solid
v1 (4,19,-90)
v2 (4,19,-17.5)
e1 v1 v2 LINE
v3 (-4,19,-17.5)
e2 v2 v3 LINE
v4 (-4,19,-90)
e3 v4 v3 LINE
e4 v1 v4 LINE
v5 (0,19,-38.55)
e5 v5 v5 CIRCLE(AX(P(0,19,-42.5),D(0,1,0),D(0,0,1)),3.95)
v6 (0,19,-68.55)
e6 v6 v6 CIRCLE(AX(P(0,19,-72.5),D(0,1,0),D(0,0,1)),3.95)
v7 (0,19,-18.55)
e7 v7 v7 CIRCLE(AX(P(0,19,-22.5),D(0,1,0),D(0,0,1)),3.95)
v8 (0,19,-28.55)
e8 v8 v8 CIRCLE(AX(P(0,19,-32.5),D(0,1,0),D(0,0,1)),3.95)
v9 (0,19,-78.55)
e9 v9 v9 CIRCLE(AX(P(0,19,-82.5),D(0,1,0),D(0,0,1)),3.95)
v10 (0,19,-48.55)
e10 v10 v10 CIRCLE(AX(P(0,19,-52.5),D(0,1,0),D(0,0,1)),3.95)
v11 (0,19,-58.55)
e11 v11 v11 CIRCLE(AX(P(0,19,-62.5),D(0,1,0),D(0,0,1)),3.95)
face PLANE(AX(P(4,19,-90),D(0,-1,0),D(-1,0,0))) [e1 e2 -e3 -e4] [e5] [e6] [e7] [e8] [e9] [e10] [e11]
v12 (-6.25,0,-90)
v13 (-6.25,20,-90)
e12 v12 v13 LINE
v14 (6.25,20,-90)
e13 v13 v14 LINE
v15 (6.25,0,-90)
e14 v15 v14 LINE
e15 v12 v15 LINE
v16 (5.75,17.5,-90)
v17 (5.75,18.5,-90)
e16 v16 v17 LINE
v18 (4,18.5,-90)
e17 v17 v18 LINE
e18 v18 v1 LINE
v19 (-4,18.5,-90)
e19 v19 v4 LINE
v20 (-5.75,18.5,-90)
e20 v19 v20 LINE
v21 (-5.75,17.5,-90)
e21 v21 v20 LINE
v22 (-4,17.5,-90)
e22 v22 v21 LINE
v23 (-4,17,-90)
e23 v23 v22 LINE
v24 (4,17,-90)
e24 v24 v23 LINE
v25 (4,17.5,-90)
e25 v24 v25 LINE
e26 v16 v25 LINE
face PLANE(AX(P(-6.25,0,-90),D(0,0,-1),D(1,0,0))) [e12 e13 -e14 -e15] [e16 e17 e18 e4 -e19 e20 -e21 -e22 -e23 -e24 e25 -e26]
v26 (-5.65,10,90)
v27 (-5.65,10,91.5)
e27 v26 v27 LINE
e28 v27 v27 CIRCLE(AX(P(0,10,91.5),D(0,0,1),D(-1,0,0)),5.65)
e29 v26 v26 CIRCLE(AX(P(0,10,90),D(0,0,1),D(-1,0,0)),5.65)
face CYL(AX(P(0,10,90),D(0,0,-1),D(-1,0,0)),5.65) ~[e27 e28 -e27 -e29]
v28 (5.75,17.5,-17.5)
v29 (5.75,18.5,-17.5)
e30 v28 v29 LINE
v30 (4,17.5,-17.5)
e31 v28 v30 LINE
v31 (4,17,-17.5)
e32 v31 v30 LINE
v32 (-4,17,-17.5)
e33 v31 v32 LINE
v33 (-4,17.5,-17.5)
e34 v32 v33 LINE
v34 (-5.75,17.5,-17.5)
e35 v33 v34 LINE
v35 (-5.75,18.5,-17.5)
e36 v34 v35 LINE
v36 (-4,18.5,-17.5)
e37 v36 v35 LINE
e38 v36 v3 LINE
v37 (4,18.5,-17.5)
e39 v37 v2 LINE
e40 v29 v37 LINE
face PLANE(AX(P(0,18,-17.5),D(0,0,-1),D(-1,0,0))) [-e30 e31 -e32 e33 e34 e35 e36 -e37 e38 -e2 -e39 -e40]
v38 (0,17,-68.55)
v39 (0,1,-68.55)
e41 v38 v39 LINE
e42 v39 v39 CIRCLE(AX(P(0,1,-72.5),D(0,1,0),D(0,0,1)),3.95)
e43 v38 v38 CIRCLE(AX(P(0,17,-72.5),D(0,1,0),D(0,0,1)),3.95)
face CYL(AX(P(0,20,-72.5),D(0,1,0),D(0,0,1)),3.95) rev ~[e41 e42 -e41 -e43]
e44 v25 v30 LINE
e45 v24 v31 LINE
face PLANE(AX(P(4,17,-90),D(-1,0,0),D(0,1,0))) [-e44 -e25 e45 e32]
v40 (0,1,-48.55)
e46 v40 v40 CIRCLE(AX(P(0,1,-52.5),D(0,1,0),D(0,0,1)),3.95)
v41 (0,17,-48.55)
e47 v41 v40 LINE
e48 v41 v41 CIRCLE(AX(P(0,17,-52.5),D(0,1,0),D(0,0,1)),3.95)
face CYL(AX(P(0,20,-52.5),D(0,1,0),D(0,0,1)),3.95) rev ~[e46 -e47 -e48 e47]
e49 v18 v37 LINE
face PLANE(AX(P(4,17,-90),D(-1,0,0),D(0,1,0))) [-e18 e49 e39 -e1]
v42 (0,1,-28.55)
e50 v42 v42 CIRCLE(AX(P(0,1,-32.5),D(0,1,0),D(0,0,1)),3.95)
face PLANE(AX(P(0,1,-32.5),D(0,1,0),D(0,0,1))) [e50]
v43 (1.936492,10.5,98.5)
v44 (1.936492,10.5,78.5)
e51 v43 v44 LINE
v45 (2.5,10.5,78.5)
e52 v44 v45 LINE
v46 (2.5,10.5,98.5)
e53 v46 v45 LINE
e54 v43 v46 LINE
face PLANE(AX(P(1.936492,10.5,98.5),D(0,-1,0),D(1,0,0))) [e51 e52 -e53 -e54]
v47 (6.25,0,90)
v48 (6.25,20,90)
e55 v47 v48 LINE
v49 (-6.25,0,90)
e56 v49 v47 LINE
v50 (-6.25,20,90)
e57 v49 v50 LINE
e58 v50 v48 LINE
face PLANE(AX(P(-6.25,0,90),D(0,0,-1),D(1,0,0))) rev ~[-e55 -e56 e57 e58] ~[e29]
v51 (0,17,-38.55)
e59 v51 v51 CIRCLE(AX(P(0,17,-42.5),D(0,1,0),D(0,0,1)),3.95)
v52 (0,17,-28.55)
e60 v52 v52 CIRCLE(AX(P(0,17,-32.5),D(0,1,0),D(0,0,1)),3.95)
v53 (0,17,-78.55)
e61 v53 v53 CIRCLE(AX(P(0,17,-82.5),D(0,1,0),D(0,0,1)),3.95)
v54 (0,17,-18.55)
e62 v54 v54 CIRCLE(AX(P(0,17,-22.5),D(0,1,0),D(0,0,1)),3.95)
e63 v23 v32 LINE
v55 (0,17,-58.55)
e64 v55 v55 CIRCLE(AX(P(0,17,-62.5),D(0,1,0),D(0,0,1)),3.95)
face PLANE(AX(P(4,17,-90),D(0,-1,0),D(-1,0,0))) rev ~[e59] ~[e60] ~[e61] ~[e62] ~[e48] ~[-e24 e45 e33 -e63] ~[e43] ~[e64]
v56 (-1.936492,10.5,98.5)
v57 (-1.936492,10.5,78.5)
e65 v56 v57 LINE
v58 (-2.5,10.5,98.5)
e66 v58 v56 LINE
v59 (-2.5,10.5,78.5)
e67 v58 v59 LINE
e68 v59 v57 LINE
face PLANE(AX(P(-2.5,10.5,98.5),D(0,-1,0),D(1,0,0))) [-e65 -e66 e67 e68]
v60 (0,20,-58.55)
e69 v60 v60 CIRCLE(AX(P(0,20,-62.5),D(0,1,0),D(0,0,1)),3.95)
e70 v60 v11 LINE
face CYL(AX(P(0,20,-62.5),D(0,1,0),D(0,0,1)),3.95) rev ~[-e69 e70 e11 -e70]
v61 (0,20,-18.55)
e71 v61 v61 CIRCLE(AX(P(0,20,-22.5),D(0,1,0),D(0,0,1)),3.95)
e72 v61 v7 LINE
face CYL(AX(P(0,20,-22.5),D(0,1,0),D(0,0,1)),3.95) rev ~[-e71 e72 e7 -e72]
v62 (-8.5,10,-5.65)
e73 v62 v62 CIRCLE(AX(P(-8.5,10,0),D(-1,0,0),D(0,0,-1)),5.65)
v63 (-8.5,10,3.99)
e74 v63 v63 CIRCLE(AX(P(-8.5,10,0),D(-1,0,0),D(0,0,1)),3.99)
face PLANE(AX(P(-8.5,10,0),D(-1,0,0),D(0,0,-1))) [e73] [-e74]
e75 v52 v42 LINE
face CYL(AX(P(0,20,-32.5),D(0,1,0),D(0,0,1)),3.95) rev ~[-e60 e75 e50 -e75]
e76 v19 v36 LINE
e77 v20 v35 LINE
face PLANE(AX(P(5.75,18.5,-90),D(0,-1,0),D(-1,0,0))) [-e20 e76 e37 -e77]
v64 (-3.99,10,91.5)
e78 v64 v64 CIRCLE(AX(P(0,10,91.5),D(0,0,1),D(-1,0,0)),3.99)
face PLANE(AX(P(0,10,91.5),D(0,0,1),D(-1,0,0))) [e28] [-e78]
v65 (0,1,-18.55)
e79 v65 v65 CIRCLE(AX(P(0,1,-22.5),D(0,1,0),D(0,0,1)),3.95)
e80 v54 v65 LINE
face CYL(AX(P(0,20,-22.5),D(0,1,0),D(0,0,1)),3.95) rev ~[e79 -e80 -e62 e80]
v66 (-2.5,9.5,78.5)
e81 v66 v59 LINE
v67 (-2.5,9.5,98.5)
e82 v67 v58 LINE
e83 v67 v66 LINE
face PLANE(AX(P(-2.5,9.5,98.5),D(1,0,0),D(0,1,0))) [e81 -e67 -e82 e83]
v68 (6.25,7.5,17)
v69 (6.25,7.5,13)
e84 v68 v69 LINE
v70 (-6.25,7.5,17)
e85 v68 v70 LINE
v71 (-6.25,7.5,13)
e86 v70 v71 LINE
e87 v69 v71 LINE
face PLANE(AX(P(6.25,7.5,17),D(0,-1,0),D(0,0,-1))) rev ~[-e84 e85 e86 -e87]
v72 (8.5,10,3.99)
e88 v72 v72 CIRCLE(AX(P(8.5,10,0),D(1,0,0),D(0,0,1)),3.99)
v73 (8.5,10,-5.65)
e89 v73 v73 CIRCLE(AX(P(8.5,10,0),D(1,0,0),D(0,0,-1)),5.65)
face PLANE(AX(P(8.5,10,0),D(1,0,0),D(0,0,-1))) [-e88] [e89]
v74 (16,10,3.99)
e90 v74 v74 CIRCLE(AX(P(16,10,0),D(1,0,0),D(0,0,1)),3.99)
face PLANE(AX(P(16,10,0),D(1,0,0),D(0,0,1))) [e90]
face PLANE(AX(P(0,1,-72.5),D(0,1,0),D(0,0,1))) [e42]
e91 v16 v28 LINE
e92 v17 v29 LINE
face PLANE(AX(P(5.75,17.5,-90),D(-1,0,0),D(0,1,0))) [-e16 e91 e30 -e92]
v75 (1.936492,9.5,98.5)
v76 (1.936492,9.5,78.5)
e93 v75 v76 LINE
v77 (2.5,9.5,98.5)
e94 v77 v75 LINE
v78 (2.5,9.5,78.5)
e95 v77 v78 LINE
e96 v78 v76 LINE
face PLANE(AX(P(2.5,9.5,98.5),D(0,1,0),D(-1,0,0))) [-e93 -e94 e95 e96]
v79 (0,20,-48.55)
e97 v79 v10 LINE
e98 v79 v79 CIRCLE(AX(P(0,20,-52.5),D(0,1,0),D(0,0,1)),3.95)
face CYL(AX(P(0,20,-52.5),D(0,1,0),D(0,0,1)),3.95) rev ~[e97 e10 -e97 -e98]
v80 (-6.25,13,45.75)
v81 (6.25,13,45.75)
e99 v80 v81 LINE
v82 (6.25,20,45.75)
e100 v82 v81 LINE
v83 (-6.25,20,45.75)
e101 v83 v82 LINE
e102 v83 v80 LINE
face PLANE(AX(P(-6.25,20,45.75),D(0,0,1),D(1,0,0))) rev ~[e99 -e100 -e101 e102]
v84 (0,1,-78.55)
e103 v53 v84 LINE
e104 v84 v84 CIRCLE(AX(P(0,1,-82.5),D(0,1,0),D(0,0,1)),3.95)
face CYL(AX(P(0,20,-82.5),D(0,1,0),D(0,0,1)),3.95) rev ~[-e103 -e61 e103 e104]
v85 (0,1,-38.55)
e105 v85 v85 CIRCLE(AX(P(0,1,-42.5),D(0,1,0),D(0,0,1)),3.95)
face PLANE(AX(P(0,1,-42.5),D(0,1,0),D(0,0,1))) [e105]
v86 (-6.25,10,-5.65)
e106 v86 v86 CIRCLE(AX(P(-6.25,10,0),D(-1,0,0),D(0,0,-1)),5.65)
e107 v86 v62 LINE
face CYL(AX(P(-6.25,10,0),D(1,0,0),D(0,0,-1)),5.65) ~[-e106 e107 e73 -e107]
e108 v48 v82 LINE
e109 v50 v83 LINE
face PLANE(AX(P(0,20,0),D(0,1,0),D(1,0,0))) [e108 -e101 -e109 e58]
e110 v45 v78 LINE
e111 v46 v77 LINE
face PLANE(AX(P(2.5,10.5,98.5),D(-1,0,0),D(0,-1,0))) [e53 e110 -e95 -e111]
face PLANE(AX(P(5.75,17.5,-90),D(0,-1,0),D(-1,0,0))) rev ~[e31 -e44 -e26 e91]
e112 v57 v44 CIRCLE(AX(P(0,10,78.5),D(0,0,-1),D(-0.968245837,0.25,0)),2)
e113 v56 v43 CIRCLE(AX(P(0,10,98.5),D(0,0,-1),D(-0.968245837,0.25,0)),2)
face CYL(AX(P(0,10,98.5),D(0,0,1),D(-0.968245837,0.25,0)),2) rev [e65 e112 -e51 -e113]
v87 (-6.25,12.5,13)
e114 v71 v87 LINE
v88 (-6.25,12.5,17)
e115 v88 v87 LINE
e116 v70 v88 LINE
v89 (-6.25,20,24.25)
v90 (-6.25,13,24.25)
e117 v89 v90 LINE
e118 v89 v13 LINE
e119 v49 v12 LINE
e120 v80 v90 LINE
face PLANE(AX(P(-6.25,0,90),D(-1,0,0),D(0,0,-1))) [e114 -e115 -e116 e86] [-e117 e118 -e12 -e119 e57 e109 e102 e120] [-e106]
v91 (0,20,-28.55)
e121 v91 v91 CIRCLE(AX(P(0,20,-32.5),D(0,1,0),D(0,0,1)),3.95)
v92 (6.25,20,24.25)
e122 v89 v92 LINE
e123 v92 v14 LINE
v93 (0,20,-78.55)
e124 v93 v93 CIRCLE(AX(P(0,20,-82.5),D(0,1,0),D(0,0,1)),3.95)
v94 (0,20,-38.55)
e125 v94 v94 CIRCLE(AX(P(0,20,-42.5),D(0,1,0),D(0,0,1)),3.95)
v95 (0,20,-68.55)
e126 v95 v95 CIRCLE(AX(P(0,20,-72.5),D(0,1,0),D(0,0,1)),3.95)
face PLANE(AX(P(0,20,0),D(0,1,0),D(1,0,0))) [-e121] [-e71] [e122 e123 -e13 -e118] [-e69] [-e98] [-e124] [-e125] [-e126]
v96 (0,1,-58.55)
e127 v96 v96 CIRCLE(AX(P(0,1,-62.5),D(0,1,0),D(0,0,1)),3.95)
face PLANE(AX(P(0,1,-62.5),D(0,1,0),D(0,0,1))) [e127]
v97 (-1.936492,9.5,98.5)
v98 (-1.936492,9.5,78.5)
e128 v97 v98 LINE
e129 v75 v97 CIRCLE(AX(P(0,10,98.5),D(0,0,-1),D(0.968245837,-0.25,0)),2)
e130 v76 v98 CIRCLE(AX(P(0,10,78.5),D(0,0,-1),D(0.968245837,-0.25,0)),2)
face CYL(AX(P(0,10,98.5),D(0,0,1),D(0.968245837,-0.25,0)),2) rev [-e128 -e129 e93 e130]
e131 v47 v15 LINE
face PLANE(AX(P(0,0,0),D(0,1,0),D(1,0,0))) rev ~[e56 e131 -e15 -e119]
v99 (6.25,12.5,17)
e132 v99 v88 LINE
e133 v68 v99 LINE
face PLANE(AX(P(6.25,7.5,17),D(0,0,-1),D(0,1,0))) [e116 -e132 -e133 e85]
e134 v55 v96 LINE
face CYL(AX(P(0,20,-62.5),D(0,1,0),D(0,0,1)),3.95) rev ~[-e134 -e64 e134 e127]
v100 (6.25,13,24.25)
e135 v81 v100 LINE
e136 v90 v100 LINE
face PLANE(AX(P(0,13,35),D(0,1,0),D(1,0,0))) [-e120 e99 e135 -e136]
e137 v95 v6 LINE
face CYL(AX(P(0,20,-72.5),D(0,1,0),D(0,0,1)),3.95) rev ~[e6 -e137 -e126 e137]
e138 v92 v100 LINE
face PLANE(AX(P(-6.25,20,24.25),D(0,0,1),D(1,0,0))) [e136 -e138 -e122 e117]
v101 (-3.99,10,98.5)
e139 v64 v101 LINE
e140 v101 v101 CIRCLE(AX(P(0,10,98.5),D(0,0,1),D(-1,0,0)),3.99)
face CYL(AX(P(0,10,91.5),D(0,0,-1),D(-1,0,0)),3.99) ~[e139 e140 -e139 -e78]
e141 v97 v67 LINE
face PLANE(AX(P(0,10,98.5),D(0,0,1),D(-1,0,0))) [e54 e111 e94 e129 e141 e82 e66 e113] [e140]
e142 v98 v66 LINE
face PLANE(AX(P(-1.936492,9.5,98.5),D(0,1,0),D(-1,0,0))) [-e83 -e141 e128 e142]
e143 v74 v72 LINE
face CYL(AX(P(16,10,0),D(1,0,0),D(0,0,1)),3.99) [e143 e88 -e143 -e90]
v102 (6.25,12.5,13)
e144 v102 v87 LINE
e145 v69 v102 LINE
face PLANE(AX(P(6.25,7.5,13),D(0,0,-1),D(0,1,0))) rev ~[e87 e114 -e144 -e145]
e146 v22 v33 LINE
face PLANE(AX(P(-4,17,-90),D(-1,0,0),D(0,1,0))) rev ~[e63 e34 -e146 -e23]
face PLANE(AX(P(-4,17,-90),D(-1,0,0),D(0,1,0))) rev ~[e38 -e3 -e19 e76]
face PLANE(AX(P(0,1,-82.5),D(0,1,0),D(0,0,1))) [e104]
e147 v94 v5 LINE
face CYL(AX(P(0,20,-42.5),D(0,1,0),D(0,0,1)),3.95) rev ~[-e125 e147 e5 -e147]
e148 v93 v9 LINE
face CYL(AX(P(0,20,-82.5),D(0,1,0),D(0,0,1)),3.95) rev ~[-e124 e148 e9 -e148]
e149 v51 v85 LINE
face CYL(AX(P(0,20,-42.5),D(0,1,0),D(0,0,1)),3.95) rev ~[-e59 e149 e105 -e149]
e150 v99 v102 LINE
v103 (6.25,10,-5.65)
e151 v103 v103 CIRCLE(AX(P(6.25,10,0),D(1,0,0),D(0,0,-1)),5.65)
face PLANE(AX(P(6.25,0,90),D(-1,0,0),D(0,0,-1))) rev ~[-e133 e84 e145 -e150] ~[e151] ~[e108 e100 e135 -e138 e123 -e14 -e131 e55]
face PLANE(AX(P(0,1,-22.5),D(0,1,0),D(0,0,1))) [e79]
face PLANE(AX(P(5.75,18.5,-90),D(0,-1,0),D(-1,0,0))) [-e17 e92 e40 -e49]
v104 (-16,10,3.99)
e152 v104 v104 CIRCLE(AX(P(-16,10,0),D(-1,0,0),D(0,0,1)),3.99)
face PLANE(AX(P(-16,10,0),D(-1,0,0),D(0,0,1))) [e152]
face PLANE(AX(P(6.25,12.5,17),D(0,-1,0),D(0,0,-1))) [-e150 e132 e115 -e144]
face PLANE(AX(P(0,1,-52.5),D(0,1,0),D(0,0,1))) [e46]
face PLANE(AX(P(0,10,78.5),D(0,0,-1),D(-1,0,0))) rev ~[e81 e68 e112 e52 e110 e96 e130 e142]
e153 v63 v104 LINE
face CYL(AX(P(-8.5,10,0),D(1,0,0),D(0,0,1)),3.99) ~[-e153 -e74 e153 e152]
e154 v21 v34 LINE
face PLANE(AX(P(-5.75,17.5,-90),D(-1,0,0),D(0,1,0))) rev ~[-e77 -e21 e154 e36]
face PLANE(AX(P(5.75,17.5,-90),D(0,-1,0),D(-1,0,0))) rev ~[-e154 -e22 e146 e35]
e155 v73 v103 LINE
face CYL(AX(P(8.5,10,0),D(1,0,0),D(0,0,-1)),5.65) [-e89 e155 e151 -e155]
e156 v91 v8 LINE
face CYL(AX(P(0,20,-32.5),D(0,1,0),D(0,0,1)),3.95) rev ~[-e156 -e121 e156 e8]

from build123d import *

# Parameters (mm, degrees)
SKETCH1_W           = 12.5
SKETCH1_H           = 180
BOSS_EXTRUDE1_DEPTH = 20
SKETCH2_R           = 5.65
BOSS_EXTRUDE2_DEPTH = 1.5
SKETCH3_R           = 3.99
BOSS_EXTRUDE3_DEPTH = 7
SKETCH4_R           = 5.65
BOSS_EXTRUDE4_DEPTH = 2.25
SKETCH5_R           = 3.99
BOSS_EXTRUDE5_DEPTH = 7.5
BOSS_EXTRUDE6_START = 2.25
SKETCH6_R           = 5.65
BOSS_EXTRUDE6_DEPTH = 2.25
BOSS_EXTRUDE7_START = 7.5
SKETCH7_R           = 3.99
BOSS_EXTRUDE7_DEPTH = 7.5
SKETCH8_R           = 3.95
CUT_EXTRUDE1_DEPTH  = 19
SKETCH9_W           = 8
SKETCH9_H           = 2
CUT_EXTRUDE2_DEPTH  = 72.5
SKETCH10_W          = 11.5
SKETCH10_H          = 1
CUT_EXTRUDE3_DEPTH  = 72.5
SKETCH11_W          = 12.5
SKETCH11_H          = 21.5
CUT_EXTRUDE4_DEPTH  = 7
CUT_EXTRUDE5_DEPTH  = 20
SKETCH14_W          = 4
SKETCH14_H          = 5
CUT_EXTRUDE6_DEPTH  = 12.5


with BuildPart() as part:
    # Sketch1 → Boss-Extrude1 (new body)
    with BuildSketch(Plane(origin=(0, 0, 0), x_dir=(1, 0, 0), z_dir=(0, 1, 0))):
        Rectangle(SKETCH1_W, SKETCH1_H)
    extrude(amount=BOSS_EXTRUDE1_DEPTH)

    # Sketch2 → Boss-Extrude2 (add)
    with BuildSketch(Plane.XY.offset(90)):
        with Locations(Location((0, 10, 0), (0, 0, 180))):
            Circle(SKETCH2_R)
    extrude(amount=BOSS_EXTRUDE2_DEPTH)

    # Sketch3 → Boss-Extrude3 (add)
    with BuildSketch(Plane.XY.offset(91.5)):
        with Locations(Location((0, 10, 0), (0, 0, 180))):
            Circle(SKETCH3_R)
    extrude(amount=BOSS_EXTRUDE3_DEPTH)

    # Sketch4 → Boss-Extrude4 (add)
    with BuildSketch(Plane.ZY.offset(6.25)):
        with Locations(Location((0, 10, 0), (0, 0, 180))):
            Circle(SKETCH4_R)
    extrude(amount=BOSS_EXTRUDE4_DEPTH)

    # Sketch5 → Boss-Extrude5 (add)
    with BuildSketch(Plane.ZY.offset(8.5)):
        with Locations((0, 10)):
            Circle(SKETCH5_R)
    extrude(amount=BOSS_EXTRUDE5_DEPTH)

    # Sketch6 → Boss-Extrude6 (add)
    with BuildSketch(Plane(origin=(6.25, 0, 0), x_dir=(0, 0, -1), z_dir=(1, 0, 0)).offset(BOSS_EXTRUDE6_START)):
        with Locations((0, 10)):
            Circle(SKETCH6_R)
    extrude(amount=-BOSS_EXTRUDE6_DEPTH)

    # Sketch7 → Boss-Extrude7 (add)
    with BuildSketch(Plane(origin=(8.5, 0, 0), x_dir=(0, 0, -1), z_dir=(1, 0, 0)).offset(BOSS_EXTRUDE7_START)):
        with Locations(Location((0, 10, 0), (0, 0, 180))):
            Circle(SKETCH7_R)
    extrude(amount=-BOSS_EXTRUDE7_DEPTH)

    # Sketch8 → Cut-Extrude1 (cut)
    with BuildSketch(Plane(origin=(0, 20, 0), x_dir=(1, 0, 0), z_dir=(0, 1, 0))):
        with Locations(Location((0, 82.5, 0), (0, 0, 270))):
            Circle(SKETCH8_R)
        with Locations(Location((0, 72.5, 0), (0, 0, 270))):
            Circle(SKETCH8_R)
        with Locations(Location((0, 62.5, 0), (0, 0, 270))):
            Circle(SKETCH8_R)
        with Locations(Location((0, 52.5, 0), (0, 0, 270))):
            Circle(SKETCH8_R)
        with Locations(Location((0, 42.5, 0), (0, 0, 270))):
            Circle(SKETCH8_R)
        with Locations(Location((0, 32.5, 0), (0, 0, 270))):
            Circle(SKETCH8_R)
        with Locations(Location((0, 22.5, 0), (0, 0, 270))):
            Circle(SKETCH8_R)
    extrude(amount=-CUT_EXTRUDE1_DEPTH, mode=Mode.SUBTRACT)

    # Sketch9 → Cut-Extrude2 (cut)
    with BuildSketch(Plane(origin=(0, 0, -90), x_dir=(-1, 0, 0), z_dir=(0, 0, -1))):
        with Locations((0, 18)):
            Rectangle(SKETCH9_W, SKETCH9_H)
    extrude(amount=-CUT_EXTRUDE2_DEPTH, mode=Mode.SUBTRACT)

    # Sketch10 → Cut-Extrude3 (cut)
    with BuildSketch(Plane(origin=(0, 0, -90), x_dir=(-1, 0, 0), z_dir=(0, 0, -1))):
        with Locations((0, 18)):
            Rectangle(SKETCH10_W, SKETCH10_H)
    extrude(amount=-CUT_EXTRUDE3_DEPTH, mode=Mode.SUBTRACT)

    # Sketch11 → Cut-Extrude4 (cut)
    with BuildSketch(Plane(origin=(0, 20, 0), x_dir=(1, 0, 0), z_dir=(0, 1, 0))):
        with Locations((0, -35)):
            Rectangle(SKETCH11_W, SKETCH11_H)
    extrude(amount=-CUT_EXTRUDE4_DEPTH, mode=Mode.SUBTRACT)

    # Sketch12 → Cut-Extrude5 (cut)
    with BuildSketch(Plane.XY.offset(98.5)):
        with BuildLine():
            Line((1.936491673, 10.5), (2.5, 10.5))
            Line((2.5, 10.5), (2.5, 9.5))
            Line((2.5, 9.5), (1.936491673, 9.5))
            ThreePointArc((1.936491673, 9.5), (0, 8), (-1.936491673, 9.5))
            Line((-1.936491673, 9.5), (-2.5, 9.5))
            Line((-2.5, 9.5), (-2.5, 10.5))
            Line((-2.5, 10.5), (-1.936491673, 10.5))
            ThreePointArc((-1.936491673, 10.5), (0, 12), (1.936491673, 10.5))
        make_face()
    extrude(amount=-CUT_EXTRUDE5_DEPTH, mode=Mode.SUBTRACT)

    # Sketch14 → Cut-Extrude6 (cut)
    with BuildSketch(Plane(origin=(6.25, 0, 0), x_dir=(0, 0, -1), z_dir=(1, 0, 0))):
        with Locations((-15, 10)):
            Rectangle(SKETCH14_W, SKETCH14_H)
    extrude(amount=-CUT_EXTRUDE6_DEPTH, mode=Mode.SUBTRACT)


solid = part.part
